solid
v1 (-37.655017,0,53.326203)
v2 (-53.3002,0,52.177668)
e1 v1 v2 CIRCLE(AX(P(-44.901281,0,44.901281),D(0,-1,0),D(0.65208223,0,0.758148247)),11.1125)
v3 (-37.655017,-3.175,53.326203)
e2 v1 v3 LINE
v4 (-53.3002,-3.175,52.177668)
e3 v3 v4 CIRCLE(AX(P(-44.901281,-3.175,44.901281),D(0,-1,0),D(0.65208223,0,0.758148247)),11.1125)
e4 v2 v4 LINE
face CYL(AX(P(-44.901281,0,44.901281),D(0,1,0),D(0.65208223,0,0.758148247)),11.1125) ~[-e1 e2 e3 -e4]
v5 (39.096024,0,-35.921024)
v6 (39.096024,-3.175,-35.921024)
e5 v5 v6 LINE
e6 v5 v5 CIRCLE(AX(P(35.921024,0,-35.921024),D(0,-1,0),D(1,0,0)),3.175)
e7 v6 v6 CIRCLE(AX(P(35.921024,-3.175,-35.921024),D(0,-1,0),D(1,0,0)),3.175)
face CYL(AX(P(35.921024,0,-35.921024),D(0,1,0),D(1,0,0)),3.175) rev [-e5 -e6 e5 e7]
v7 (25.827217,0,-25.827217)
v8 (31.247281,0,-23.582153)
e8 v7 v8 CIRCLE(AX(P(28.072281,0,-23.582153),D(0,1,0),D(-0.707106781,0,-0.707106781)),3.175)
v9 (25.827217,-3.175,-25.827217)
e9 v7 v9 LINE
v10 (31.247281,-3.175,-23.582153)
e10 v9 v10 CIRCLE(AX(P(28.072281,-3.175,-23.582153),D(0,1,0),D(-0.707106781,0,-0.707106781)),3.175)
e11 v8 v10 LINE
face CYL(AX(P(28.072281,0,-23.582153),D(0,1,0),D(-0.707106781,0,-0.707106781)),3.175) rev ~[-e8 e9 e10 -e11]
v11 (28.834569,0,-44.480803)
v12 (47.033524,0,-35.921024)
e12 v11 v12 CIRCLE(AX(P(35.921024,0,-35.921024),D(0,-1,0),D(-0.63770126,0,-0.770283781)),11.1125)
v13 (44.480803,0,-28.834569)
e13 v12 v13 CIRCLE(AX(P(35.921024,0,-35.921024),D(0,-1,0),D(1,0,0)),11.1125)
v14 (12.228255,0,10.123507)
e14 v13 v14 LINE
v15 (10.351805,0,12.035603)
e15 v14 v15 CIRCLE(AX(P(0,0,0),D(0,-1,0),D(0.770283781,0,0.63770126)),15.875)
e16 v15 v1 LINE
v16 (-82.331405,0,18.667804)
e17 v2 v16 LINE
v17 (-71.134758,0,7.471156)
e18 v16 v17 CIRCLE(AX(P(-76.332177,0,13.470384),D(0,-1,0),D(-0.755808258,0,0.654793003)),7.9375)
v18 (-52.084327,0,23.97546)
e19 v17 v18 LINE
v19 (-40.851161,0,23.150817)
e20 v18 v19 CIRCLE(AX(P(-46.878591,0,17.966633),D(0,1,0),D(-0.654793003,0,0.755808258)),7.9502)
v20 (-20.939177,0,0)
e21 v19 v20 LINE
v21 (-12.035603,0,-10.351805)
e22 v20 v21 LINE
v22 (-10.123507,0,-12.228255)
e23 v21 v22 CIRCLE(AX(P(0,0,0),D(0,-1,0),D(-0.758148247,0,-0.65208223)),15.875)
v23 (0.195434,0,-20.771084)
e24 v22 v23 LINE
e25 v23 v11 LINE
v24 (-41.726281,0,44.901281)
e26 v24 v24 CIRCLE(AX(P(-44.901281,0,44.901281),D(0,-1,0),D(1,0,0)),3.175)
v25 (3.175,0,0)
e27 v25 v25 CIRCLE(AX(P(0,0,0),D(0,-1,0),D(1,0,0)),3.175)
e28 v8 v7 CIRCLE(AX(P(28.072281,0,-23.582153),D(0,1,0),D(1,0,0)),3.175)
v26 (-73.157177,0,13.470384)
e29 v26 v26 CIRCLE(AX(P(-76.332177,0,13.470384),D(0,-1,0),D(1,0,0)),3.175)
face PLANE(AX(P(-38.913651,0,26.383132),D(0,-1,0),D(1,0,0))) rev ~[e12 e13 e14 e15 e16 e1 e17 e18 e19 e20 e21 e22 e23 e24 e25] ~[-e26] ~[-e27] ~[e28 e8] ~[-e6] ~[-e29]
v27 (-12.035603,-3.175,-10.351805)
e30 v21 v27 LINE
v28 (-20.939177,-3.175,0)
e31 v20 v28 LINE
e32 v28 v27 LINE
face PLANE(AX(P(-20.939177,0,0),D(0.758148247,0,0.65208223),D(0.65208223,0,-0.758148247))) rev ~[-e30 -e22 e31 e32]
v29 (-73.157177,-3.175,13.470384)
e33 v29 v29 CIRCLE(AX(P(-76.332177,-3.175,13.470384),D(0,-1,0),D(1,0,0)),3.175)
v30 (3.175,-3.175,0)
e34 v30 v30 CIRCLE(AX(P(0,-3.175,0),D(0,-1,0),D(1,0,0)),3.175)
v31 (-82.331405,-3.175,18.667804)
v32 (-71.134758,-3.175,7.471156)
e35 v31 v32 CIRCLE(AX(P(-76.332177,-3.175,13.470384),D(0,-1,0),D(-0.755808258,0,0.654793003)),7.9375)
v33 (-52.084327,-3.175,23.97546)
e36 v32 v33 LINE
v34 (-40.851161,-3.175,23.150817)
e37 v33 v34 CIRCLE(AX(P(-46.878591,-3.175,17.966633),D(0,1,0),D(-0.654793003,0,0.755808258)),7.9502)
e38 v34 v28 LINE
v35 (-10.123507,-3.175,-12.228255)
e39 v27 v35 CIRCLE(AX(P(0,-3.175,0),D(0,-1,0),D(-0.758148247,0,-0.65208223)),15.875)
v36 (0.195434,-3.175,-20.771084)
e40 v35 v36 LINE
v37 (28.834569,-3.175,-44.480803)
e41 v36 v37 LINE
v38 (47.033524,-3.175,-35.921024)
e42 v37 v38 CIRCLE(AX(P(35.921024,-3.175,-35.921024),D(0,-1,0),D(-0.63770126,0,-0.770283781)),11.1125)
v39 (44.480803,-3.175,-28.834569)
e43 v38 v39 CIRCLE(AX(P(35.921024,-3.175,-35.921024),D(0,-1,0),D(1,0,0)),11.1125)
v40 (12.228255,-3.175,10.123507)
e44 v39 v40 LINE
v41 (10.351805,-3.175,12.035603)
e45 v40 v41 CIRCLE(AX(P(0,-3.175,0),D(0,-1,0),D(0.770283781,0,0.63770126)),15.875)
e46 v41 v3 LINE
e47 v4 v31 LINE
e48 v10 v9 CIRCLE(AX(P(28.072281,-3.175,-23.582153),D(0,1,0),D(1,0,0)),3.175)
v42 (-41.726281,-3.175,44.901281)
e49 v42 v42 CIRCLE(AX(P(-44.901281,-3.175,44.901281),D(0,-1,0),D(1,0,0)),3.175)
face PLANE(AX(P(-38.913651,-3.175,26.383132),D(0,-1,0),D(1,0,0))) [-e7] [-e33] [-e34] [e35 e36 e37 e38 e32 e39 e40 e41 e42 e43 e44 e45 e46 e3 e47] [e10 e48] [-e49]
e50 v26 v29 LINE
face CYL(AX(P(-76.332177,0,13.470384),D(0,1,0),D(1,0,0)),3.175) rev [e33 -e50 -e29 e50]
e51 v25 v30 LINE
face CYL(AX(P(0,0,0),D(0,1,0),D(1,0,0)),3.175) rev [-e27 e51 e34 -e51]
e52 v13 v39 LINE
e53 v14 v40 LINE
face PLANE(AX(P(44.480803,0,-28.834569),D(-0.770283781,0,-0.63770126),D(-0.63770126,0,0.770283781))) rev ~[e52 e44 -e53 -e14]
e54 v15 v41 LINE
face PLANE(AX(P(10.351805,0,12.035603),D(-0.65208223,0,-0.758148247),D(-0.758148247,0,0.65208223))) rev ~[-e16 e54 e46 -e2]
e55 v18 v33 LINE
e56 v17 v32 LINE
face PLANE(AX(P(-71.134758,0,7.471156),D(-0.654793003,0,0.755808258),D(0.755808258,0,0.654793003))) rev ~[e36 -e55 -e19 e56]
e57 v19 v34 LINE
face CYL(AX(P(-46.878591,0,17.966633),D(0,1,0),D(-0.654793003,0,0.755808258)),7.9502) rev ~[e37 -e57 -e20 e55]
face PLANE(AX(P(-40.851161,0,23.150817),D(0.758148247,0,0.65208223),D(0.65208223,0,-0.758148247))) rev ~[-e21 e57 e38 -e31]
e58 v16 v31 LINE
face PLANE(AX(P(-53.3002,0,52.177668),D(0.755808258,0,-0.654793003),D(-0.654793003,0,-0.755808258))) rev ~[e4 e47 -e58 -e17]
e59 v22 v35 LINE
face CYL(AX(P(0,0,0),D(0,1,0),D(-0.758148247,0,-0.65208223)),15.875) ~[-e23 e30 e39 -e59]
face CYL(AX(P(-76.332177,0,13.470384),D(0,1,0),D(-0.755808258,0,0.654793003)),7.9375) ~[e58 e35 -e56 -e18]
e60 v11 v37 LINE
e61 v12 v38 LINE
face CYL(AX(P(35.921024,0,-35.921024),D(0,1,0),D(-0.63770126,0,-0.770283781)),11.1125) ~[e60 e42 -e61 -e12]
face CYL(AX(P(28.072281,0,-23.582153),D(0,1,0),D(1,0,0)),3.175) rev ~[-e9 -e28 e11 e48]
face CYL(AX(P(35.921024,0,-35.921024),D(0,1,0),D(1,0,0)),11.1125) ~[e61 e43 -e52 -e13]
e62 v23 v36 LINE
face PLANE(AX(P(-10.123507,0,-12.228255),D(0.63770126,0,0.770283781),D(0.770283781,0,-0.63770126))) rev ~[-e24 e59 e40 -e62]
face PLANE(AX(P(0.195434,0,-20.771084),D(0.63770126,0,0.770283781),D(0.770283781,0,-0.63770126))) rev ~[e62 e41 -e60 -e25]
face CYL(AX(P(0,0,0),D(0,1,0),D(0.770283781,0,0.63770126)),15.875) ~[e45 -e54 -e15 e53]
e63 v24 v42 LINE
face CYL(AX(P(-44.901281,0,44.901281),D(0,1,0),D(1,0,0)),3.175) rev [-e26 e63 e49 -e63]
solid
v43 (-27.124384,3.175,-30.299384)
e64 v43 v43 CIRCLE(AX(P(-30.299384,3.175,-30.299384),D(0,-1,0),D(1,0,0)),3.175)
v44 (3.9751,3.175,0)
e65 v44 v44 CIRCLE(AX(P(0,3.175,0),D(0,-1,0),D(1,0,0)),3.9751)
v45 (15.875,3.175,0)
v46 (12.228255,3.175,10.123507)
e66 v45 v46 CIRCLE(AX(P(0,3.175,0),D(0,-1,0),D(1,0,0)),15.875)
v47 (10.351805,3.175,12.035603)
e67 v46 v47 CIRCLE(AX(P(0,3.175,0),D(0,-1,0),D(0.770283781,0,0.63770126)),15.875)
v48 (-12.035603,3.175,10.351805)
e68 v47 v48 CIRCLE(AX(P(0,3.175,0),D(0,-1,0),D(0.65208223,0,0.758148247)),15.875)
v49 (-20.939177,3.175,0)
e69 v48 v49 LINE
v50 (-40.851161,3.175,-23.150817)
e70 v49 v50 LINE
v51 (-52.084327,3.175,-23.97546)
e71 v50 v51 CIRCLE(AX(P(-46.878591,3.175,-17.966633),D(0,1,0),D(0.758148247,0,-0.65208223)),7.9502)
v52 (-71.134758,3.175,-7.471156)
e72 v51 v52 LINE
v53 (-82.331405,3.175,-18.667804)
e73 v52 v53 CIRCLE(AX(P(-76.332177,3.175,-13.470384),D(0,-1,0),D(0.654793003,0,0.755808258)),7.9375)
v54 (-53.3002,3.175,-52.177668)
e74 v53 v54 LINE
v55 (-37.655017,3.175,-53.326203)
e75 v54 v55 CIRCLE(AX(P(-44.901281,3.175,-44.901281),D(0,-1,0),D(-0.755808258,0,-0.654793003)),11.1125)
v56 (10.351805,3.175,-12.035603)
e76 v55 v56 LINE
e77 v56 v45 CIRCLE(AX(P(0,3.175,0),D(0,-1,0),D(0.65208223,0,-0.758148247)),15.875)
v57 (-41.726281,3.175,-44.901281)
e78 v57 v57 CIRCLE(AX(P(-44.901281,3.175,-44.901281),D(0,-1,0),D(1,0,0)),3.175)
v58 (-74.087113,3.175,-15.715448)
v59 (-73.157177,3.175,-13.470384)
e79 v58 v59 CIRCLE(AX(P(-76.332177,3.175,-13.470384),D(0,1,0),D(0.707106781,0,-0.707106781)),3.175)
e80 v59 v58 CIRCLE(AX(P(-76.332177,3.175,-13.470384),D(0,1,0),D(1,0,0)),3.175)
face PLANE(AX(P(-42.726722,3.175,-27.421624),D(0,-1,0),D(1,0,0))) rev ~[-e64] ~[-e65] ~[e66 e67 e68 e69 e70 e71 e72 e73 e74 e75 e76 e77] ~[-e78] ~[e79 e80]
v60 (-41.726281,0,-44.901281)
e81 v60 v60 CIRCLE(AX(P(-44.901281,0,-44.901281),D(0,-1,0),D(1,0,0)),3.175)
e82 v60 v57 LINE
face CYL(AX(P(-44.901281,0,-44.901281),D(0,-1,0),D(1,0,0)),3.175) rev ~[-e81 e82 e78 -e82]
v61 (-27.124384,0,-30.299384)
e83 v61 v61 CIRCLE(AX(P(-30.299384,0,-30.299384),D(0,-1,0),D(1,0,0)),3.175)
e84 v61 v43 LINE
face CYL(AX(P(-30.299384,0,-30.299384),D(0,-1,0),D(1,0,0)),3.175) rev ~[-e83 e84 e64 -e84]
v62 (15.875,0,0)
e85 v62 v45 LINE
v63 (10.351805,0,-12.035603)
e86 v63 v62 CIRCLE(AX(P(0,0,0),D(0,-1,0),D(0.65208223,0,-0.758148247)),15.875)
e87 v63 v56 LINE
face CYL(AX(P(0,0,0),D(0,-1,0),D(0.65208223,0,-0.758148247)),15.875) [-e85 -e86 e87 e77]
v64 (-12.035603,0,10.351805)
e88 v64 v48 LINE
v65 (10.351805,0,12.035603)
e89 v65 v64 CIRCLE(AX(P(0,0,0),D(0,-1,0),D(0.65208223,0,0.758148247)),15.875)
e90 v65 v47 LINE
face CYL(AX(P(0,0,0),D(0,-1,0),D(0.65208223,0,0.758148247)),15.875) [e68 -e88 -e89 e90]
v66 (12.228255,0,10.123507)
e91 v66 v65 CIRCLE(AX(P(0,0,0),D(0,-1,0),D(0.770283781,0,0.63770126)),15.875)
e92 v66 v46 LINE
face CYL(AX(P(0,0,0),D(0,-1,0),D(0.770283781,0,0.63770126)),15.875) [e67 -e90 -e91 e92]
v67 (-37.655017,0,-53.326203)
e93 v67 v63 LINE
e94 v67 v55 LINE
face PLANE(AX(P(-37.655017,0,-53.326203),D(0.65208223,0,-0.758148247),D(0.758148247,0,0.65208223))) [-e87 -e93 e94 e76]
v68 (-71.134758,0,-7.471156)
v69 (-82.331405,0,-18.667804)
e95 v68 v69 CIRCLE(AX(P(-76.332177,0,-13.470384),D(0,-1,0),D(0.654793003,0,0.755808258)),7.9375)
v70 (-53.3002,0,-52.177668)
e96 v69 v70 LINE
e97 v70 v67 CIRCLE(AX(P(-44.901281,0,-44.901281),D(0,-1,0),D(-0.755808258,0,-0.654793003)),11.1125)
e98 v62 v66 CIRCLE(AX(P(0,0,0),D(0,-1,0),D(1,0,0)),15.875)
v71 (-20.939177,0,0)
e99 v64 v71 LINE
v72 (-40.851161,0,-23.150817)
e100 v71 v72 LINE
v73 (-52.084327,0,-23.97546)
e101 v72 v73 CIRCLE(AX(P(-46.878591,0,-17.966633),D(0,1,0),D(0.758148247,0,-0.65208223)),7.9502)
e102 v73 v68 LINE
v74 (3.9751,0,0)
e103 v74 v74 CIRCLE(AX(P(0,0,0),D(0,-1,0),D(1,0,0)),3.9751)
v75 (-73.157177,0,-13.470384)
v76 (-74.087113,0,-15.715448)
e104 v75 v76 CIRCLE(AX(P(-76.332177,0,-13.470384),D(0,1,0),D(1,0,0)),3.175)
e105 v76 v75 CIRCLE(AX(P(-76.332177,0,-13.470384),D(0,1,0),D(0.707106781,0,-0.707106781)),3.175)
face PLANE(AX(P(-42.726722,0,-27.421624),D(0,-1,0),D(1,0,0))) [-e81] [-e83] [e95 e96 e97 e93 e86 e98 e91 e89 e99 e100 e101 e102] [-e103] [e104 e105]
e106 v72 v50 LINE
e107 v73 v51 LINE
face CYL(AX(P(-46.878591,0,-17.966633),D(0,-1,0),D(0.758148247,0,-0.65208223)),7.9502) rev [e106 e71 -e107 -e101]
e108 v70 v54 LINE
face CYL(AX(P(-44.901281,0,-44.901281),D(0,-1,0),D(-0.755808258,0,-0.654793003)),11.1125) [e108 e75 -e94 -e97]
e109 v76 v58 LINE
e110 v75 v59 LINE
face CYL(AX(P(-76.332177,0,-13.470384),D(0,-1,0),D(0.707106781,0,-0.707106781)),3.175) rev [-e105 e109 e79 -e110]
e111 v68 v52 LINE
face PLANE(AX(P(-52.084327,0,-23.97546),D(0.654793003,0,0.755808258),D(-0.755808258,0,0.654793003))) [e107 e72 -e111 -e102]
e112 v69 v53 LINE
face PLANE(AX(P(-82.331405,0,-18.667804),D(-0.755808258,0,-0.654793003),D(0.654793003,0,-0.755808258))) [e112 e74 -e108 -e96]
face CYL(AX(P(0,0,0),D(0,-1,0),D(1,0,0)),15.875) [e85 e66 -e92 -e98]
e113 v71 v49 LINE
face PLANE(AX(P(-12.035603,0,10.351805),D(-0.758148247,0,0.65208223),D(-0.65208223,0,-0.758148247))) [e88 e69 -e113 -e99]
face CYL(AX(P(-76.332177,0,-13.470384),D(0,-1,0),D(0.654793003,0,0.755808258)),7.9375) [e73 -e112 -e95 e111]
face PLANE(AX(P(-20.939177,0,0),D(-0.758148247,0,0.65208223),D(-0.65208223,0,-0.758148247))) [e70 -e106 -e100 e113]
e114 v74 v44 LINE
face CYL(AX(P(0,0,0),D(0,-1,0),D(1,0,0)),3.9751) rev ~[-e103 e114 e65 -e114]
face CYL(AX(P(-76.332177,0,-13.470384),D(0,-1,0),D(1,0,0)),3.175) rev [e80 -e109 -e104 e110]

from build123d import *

# Parameters (mm, degrees)
F0_R     = 3.175
F0_R_2   = 3.9751
F1_DEPTH = 3.175
F2_DEPTH = 3.175


with BuildPart() as f1:
    # F0 (on Front) → F1 (new body)
    with BuildSketch(Plane.XZ):
        with BuildLine():
            ThreePointArc((-82.331405076, 18.6678036462), (-73.5586383483, 20.9075469092), (-68.3946770291, 13.4703841816))
            ThreePointArc((-68.3946770291, 13.4703841816), (-69.1121208226, 10.1727039932), (-71.1347575644, 7.4711561347))
            Line((-71.1347575644, 7.4711561347), (-52.0843267669, 23.9754595323))
            ThreePointArc((-52.0843267669, 23.9754595323), (-46.2965222838, 25.8954961667), (-40.8511612346, 23.1508168672))
            Line((-40.8511612346, 23.1508168672), (-20.9391765456, 0))
            Line((-20.9391765456, 0), (-12.0356034274, 10.3518054047))
            ThreePointArc((-12.0356034274, 10.3518054047), (-1.190625, 15.8302885984), (10.3518054047, 12.0356034274))
            Line((10.3518054047, 12.0356034274), (-37.655016822, 53.3262030046))
            ThreePointArc((-37.655016822, 53.3262030046), (-34.8014845049, 49.5361241819), (-33.7887806053, 44.9012806053))
            ThreePointArc((-33.7887806053, 44.9012806053), (-48.7842347585, 34.4892527868), (-53.300199871, 52.1776678558))
            Line((-53.300199871, 52.1776678558), (-82.331405076, 18.6678036462))
        make_face()
        with BuildLine():
            ThreePointArc((-71.1347575644, 7.4711561347), (-69.1121208226, 10.1727039932), (-68.3946770291, 13.4703841816))
            ThreePointArc((-68.3946770291, 13.4703841816), (-73.5586383483, 20.9075469092), (-82.331405076, 18.6678036462))
            ThreePointArc((-82.331405076, 18.6678036462), (-81.9448371048, 7.8577241059), (-71.1347575644, 7.4711561347))
        make_face()
        with Locations((-76.3321770291, 13.4703841816)):
            Circle(F0_R, mode=Mode.SUBTRACT)
        with BuildLine():
            ThreePointArc((-37.655016822, 53.3262030046), (-45.7148756595, 55.9839571475), (-53.300199871, 52.1776678558))
            ThreePointArc((-53.300199871, 52.1776678558), (-48.7842347585, 34.4892527868), (-33.7887806053, 44.9012806053))
            ThreePointArc((-33.7887806053, 44.9012806053), (-34.8014845049, 49.5361241819), (-37.655016822, 53.3262030046))
        make_face()
        with Locations((-44.9012806053, 44.9012806053)):
            Circle(F0_R, mode=Mode.SUBTRACT)
        with BuildLine():
            ThreePointArc((12.2282550252, 10.1235074968), (11.3304373246, 11.1192092809), (10.3518054047, 12.0356034274))
            ThreePointArc((10.3518054047, 12.0356034274), (-1.190625, 15.8302885984), (-12.0356034274, 10.3518054047))
            ThreePointArc((-12.0356034274, 10.3518054047), (-15.875, 0), (-12.0356034274, -10.3518054047))
            ThreePointArc((-12.0356034274, -10.3518054047), (-11.1192092809, -11.3304373246), (-10.1235074968, -12.2282550252))
            ThreePointArc((-10.1235074968, -12.2282550252), (0.1493607821, -15.87429735), (10.3518054047, -12.0356034274))
            ThreePointArc((10.3518054047, -12.0356034274), (14.4282801435, -6.6212051093), (15.875, 0))
            ThreePointArc((15.875, 0), (14.9355142785, 5.3801522504), (12.2282550252, 10.1235074968))
        make_face()
        Circle(F0_R_2, mode=Mode.SUBTRACT)
        Circle(F0_R_2)
        Circle(F0_R, mode=Mode.SUBTRACT)
        with BuildLine():
            Line((44.4808030019, -28.8345692365), (12.2282550252, 10.1235074968))
            ThreePointArc((12.2282550252, 10.1235074968), (14.9355142785, 5.3801522504), (15.875, 0))
            ThreePointArc((15.875, 0), (14.4282801435, -6.6212051093), (10.3518054047, -12.0356034274))
            Line((10.3518054047, -12.0356034274), (0.1954344954, -20.7710836138))
            Line((0.1954344954, -20.7710836138), (28.8345692365, -44.4808030019))
            ThreePointArc((28.8345692365, -44.4808030019), (28.0633003783, -28.0633003783), (44.4808030019, -28.8345692365))
        make_face()
        with BuildLine():
            ThreePointArc((25.8272166042, -25.8272166042), (26.8572607367, -20.6488350582), (31.2472806345, -23.5821525739))
            ThreePointArc((31.2472806345, -23.5821525739), (29.2873005322, -26.5154700897), (25.8272166042, -25.8272166042))
        make_face(mode=Mode.SUBTRACT)
        with BuildLine():
            ThreePointArc((47.0335244843, -35.9210244843), (46.3758844792, -32.154917909), (44.4808030019, -28.8345692365))
            ThreePointArc((44.4808030019, -28.8345692365), (28.0633003783, -28.0633003783), (28.8345692365, -44.4808030019))
            ThreePointArc((28.8345692365, -44.4808030019), (40.650687385, -45.9767663811), (47.0335244843, -35.9210244843))
        make_face()
        with Locations((35.9210244843, -35.9210244843)):
            Circle(F0_R, mode=Mode.SUBTRACT)
        with BuildLine():
            ThreePointArc((10.3518054047, -12.0356034274), (0.1493607821, -15.87429735), (-10.1235074968, -12.2282550252))
            Line((-10.1235074968, -12.2282550252), (0.1954344954, -20.7710836138))
            Line((0.1954344954, -20.7710836138), (10.3518054047, -12.0356034274))
        make_face()
        with BuildLine():
            Line((-12.0356034274, 10.3518054047), (-20.9391765456, 0))
            Line((-20.9391765456, 0), (-12.0356034274, -10.3518054047))
            ThreePointArc((-12.0356034274, -10.3518054047), (-15.875, 0), (-12.0356034274, 10.3518054047))
        make_face()
    extrude(amount=F1_DEPTH)


with BuildPart() as f2:
    # F0 (on Front) → F2 (new body)
    with BuildSketch(Plane.XZ):
        with BuildLine():
            Line((-12.0356034274, -10.3518054047), (-20.9391765456, 0))
            Line((-20.9391765456, 0), (-40.8511612346, -23.1508168672))
            ThreePointArc((-40.8511612346, -23.1508168672), (-46.2965222838, -25.8954961667), (-52.0843267669, -23.9754595323))
            Line((-52.0843267669, -23.9754595323), (-71.1347575644, -7.4711561347))
            ThreePointArc((-71.1347575644, -7.4711561347), (-69.1121208226, -10.1727039932), (-68.3946770291, -13.4703841816))
            ThreePointArc((-68.3946770291, -13.4703841816), (-73.5586383483, -20.9075469092), (-82.331405076, -18.6678036462))
            Line((-82.331405076, -18.6678036462), (-53.300199871, -52.1776678558))
            ThreePointArc((-53.300199871, -52.1776678558), (-56.0137627922, -44.9211777548), (-53.3262030046, -37.655016822))
            ThreePointArc((-53.3262030046, -37.655016822), (-41.0369756168, -34.4823169714), (-33.7887806053, -44.9012806053))
            ThreePointArc((-33.7887806053, -44.9012806053), (-34.8014845049, -49.5361241819), (-37.655016822, -53.3262030046))
            Line((-37.655016822, -53.3262030046), (0.1954344954, -20.7710836138))
            Line((0.1954344954, -20.7710836138), (-10.1235074968, -12.2282550252))
            ThreePointArc((-10.1235074968, -12.2282550252), (-11.1192092809, -11.3304373246), (-12.0356034274, -10.3518054047))
        make_face()
        with Locations((-30.2993841525, -30.2993841525)):
            Circle(F0_R, mode=Mode.SUBTRACT)
        with BuildLine():
            ThreePointArc((10.3518054047, -12.0356034274), (0.1493607821, -15.87429735), (-10.1235074968, -12.2282550252))
            Line((-10.1235074968, -12.2282550252), (0.1954344954, -20.7710836138))
            Line((0.1954344954, -20.7710836138), (10.3518054047, -12.0356034274))
        make_face()
        with BuildLine():
            Line((-12.0356034274, 10.3518054047), (-20.9391765456, 0))
            Line((-20.9391765456, 0), (-12.0356034274, -10.3518054047))
            ThreePointArc((-12.0356034274, -10.3518054047), (-15.875, 0), (-12.0356034274, 10.3518054047))
        make_face()
        with BuildLine():
            ThreePointArc((12.2282550252, 10.1235074968), (11.3304373246, 11.1192092809), (10.3518054047, 12.0356034274))
            ThreePointArc((10.3518054047, 12.0356034274), (-1.190625, 15.8302885984), (-12.0356034274, 10.3518054047))
            ThreePointArc((-12.0356034274, 10.3518054047), (-15.875, 0), (-12.0356034274, -10.3518054047))
            ThreePointArc((-12.0356034274, -10.3518054047), (-11.1192092809, -11.3304373246), (-10.1235074968, -12.2282550252))
            ThreePointArc((-10.1235074968, -12.2282550252), (0.1493607821, -15.87429735), (10.3518054047, -12.0356034274))
            ThreePointArc((10.3518054047, -12.0356034274), (14.4282801435, -6.6212051093), (15.875, 0))
            ThreePointArc((15.875, 0), (14.9355142785, 5.3801522504), (12.2282550252, 10.1235074968))
        make_face()
        Circle(F0_R_2, mode=Mode.SUBTRACT)
        with BuildLine():
            ThreePointArc((-53.300199871, -52.1776678558), (-45.7148756595, -55.9839571475), (-37.655016822, -53.3262030046))
            ThreePointArc((-37.655016822, -53.3262030046), (-34.8014845049, -49.5361241819), (-33.7887806053, -44.9012806053))
            ThreePointArc((-33.7887806053, -44.9012806053), (-41.0369756168, -34.4823169714), (-53.3262030046, -37.655016822))
            ThreePointArc((-53.3262030046, -37.655016822), (-56.0137627922, -44.9211777548), (-53.300199871, -52.1776678558))
        make_face()
        with Locations((-44.9012806053, -44.9012806053)):
            Circle(F0_R, mode=Mode.SUBTRACT)
        with BuildLine():
            ThreePointArc((-68.3946770291, -13.4703841816), (-69.1121208226, -10.1727039932), (-71.1347575644, -7.4711561347))
            ThreePointArc((-71.1347575644, -7.4711561347), (-81.9448371048, -7.8577241059), (-82.331405076, -18.6678036462))
            ThreePointArc((-82.331405076, -18.6678036462), (-73.5586383483, -20.9075469092), (-68.3946770291, -13.4703841816))
        make_face()
        with BuildLine():
            ThreePointArc((-74.0871129988, -15.7154482119), (-79.2654945448, -12.2553642838), (-73.1571770291, -13.4703841816))
            ThreePointArc((-73.1571770291, -13.4703841816), (-73.3988595134, -14.6854040794), (-74.0871129988, -15.7154482119))
        make_face(mode=Mode.SUBTRACT)
    extrude(amount=-F2_DEPTH)


solid = Compound([f1.part, f2.part])
